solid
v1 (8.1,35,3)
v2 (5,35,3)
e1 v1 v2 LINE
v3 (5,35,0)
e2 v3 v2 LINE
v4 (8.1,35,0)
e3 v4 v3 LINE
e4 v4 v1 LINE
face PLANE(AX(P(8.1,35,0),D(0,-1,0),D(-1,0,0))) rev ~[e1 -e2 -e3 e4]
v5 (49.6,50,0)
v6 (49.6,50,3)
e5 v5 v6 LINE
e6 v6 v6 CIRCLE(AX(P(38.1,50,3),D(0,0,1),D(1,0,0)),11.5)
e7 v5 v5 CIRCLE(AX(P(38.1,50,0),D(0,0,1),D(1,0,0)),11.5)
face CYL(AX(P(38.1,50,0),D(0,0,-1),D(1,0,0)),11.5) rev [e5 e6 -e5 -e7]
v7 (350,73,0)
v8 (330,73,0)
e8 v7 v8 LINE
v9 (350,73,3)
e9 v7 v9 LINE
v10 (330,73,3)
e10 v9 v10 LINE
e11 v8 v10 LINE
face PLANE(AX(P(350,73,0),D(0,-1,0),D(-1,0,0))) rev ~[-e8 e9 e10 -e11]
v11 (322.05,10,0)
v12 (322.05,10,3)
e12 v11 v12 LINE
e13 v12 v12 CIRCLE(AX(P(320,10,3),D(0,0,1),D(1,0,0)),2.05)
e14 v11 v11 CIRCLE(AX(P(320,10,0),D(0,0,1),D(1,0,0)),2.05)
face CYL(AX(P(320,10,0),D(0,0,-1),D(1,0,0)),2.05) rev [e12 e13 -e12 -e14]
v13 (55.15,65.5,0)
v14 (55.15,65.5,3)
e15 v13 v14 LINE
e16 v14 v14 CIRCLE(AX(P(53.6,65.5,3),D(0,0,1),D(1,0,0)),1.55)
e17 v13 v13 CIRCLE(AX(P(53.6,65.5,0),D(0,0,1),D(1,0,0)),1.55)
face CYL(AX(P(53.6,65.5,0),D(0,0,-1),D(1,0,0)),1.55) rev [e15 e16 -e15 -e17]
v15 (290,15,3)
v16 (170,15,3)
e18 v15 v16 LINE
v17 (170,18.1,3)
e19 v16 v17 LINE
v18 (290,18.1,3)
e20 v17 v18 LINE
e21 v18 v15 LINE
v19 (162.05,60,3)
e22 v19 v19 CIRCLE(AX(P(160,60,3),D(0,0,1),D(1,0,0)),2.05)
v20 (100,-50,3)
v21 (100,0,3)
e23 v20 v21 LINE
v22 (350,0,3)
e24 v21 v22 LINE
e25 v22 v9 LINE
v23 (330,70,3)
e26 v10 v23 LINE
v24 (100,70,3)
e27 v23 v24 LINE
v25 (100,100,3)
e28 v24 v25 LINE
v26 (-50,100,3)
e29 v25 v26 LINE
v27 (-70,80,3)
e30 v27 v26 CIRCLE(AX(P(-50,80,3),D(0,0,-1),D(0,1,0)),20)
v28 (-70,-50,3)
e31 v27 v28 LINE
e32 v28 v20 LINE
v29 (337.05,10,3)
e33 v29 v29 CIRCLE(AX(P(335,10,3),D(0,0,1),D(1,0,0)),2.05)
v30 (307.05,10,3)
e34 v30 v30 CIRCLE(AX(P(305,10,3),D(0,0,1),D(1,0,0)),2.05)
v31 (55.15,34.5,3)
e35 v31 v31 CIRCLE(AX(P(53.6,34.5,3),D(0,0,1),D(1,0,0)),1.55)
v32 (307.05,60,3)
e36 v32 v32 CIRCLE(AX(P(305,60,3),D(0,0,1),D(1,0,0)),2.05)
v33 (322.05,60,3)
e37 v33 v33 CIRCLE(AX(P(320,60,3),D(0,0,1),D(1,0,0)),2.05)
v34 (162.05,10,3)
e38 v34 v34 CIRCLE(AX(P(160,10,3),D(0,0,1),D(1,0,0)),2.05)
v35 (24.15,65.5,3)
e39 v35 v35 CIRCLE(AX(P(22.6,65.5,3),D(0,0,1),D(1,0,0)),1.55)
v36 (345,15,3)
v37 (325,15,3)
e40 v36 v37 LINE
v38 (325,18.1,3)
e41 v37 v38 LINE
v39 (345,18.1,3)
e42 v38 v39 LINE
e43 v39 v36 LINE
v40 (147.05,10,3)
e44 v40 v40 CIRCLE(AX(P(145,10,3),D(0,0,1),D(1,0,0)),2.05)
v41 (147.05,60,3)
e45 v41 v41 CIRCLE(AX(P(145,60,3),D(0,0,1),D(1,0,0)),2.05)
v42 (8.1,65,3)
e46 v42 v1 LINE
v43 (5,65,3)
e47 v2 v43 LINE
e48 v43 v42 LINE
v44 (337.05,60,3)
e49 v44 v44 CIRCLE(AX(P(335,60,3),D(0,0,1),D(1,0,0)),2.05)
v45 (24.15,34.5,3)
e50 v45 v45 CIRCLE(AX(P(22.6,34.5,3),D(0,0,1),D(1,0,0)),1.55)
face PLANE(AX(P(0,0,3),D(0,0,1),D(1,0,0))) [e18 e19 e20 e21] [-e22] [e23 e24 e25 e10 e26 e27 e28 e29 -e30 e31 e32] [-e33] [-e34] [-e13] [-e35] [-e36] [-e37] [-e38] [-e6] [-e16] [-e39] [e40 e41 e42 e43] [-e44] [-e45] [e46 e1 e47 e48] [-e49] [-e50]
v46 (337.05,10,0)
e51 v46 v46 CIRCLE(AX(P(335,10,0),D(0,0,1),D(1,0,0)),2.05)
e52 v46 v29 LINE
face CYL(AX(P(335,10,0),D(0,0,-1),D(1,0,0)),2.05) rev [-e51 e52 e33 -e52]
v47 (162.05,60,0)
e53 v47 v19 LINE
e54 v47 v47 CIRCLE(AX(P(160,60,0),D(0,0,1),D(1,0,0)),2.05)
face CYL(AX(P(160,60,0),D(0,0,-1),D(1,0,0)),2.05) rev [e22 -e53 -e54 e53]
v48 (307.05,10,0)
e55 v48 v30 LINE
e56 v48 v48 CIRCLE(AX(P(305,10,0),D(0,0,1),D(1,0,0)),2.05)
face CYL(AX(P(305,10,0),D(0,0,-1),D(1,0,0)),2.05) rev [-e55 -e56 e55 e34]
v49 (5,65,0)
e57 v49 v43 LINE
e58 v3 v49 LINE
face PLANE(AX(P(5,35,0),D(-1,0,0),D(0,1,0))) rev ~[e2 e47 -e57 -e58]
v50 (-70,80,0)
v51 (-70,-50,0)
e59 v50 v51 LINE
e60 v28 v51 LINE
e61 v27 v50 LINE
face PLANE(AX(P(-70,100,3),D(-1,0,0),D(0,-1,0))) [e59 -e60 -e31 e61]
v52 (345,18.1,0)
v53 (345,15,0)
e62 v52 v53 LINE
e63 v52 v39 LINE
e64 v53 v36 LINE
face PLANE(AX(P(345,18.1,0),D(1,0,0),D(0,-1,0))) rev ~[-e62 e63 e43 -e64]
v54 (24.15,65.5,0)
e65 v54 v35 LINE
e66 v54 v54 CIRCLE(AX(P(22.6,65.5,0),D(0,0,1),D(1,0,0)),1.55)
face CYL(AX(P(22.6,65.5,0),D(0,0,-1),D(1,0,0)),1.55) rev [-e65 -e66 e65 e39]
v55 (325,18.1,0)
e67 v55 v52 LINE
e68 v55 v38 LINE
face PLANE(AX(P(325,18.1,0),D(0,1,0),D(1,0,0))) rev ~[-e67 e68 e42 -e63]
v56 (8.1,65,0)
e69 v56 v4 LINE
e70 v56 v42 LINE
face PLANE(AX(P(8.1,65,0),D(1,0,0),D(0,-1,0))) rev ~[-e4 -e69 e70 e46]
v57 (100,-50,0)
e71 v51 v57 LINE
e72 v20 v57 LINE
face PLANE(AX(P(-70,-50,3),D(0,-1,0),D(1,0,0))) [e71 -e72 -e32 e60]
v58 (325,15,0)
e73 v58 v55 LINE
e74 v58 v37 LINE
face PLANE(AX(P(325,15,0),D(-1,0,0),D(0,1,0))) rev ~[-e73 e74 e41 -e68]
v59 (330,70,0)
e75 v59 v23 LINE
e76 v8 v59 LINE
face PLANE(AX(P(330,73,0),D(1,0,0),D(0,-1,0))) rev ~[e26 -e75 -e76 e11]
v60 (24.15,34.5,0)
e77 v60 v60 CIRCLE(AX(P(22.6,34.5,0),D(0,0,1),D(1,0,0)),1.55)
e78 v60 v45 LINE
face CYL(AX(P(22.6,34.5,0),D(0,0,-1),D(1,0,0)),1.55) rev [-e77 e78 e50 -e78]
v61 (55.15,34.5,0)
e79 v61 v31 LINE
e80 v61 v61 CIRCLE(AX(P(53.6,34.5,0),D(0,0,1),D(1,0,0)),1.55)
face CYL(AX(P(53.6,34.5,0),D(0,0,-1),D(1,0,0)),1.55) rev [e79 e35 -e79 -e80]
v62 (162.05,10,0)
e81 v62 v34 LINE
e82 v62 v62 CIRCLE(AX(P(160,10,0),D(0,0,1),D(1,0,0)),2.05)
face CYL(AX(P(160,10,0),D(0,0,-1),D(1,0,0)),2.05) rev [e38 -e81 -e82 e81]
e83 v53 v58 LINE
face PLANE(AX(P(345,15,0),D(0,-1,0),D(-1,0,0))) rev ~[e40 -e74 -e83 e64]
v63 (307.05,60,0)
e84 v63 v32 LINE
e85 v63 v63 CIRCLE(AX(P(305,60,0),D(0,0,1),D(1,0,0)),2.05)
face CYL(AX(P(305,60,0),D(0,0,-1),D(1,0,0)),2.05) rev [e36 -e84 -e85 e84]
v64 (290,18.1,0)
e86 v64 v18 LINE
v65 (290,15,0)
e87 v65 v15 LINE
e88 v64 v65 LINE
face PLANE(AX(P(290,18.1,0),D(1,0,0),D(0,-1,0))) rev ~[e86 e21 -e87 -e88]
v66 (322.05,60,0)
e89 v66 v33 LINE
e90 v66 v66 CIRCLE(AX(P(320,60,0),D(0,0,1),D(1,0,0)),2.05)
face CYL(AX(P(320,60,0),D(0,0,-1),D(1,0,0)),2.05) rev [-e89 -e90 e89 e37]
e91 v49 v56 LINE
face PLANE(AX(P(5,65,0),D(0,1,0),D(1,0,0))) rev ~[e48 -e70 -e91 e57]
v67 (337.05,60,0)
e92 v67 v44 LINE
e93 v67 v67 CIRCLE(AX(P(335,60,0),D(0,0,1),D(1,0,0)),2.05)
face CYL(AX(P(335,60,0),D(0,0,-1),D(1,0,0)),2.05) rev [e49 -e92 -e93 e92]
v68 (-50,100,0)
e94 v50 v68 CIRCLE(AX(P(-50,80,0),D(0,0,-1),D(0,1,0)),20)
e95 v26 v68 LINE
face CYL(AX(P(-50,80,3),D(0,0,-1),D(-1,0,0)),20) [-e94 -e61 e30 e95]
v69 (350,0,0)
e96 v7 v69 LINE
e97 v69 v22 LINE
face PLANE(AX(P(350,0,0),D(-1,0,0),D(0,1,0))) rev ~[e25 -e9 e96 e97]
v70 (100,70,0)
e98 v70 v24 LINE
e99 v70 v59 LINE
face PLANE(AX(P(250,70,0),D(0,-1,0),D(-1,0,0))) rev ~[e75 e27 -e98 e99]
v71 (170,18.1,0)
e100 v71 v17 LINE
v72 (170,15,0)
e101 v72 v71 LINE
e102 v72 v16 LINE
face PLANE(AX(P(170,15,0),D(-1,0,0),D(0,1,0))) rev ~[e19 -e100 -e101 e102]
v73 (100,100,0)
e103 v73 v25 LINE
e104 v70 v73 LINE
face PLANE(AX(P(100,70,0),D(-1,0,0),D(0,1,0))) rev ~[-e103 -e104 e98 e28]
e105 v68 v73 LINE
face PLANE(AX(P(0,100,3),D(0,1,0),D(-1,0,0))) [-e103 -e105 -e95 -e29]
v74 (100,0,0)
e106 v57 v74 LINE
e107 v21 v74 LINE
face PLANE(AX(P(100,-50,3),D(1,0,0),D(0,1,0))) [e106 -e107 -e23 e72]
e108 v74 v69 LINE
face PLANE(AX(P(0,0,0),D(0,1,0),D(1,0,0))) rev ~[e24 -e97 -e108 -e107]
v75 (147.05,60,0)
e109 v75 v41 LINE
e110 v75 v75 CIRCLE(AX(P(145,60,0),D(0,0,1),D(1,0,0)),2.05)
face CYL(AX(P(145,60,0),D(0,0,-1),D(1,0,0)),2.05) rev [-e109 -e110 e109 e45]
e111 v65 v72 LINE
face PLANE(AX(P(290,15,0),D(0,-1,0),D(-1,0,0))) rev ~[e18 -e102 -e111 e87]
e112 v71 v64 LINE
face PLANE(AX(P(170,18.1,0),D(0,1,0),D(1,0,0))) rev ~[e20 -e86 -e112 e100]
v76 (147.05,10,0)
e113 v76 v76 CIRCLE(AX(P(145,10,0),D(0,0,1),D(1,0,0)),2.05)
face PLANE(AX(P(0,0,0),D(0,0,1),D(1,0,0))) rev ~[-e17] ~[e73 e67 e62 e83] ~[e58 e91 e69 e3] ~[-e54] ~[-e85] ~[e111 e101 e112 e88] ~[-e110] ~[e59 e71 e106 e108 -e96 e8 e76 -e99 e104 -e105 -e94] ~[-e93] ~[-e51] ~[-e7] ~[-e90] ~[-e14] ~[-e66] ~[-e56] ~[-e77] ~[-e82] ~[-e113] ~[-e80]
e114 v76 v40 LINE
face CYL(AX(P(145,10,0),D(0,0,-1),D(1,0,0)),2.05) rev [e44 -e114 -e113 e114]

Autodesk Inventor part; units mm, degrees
ref_plane "YZ Plane" through (0, 0, 0) normal (1, 0, 0) x (0, 1, 0)
ref_plane "XZ Plane" through (0, 0, 0) normal (0, 1, 0) x (-1, 0, 0)
ref_plane "XY Plane" through (0, 0, 0) normal (0, 0, 1) x (1, 0, 0)
sketch "Sketch1" plane through (0, 0, 0) normal (0, 0, 1) x (1, 0, 0)
  line L0 (0, 0) -> (350, 0)
  line L1 (350, 0) -> (350, 70)
  line L2 (350, 70) -> (0, 70)
  line L3 (0, 70) -> (0, 0)
  circle A0 centre (22.6, 65.5) radius 1.55
  circle A1 centre (22.6, 34.5) radius 1.55
  circle A2 centre (53.6, 65.5) radius 1.55
  circle A3 centre (53.6, 34.5) radius 1.55
  circle A4 centre (38.1, 50) radius 11.5
  line L4 (170, 18.1) -> (290, 18.1)
  line L5 (290, 18.1) -> (290, 15)
  line L6 (290, 15) -> (170, 15)
  line L7 (170, 15) -> (170, 18.1)
  line L8 (0, 70) -> (89.6145, 70)
  line L9 (250, 70) -> (287.051, 70)
  line L10 (250, 70) -> (270, 70)
  line L11 (270, 70) -> (270, 73)
  line L12 (270, 73) -> (250, 73)
  line L13 (250, 73) -> (250, 70)
  line L14 (310, 70) -> (310, 73)
  line L15 (310, 73) -> (290, 73)
  line L16 (290, 73) -> (290, 70)
  line L17 (290, 70) -> (327.051, 70)
  line L18 (290, 70) -> (310, 70)
  line L19 (350, 70) -> (350, 73)
  line L20 (350, 73) -> (330, 73)
  line L21 (330, 73) -> (330, 70)
  line L22 (330, 70) -> (367.051, 70)
  line L23 (330, 70) -> (350, 70)
  line L24 (8.1, 35) -> (5, 35)
  line L25 (5, 35) -> (5, 65)
  line L26 (5, 65) -> (8.1, 65)
  line L27 (8.1, 65) -> (8.1, 35)
  line L28 (8.1, 35) -> (5, 65) construction
  line L29 (5, 35) -> (8.1, 65) construction
  circle A5 centre (335, 10) radius 2.05
  circle A6 centre (320, 10) radius 2.05
  circle A7 centre (335, 60) radius 2.05
  circle A8 centre (320, 60) radius 2.05
  circle A9 centre (305, 60) radius 2.05
  circle A10 centre (305, 10) radius 2.05
  circle A11 centre (160, 10) radius 2.05
  circle A12 centre (145, 10) radius 2.05
  circle A13 centre (160, 60) radius 2.05
  circle A14 centre (145, 60) radius 2.05
  line L30 (325, 18.1) -> (345, 18.1)
  line L31 (345, 18.1) -> (345, 15)
  line L32 (345, 15) -> (325, 15)
  line L33 (325, 15) -> (325, 18.1)
  line L34 (0, 70) -> (100, 70)
  line L35 (100, 70) -> (100, 100)
  line L36 (100, 100) -> (0, 100)
  line L37 (0, 100) -> (0, 70)
  point P0 (6.55, 50)
  point P1 (5, 50)
  point P2 (8.1, 50)
  point P3 (170, 16.55)
  point P4 (290, 70)
  point P5 (100, 70)
  dimension "d1" = 3.1
  dimension "d2" = 3.1
  dimension "d3" = 3.1
  dimension "d4" = 3.1
  dimension "d5" = 31
  dimension "d7" = 23
  dimension "d8" = 15.5
  dimension "d9" = 15.5
  dimension "d10" = 70
  dimension "d11" = 31
  dimension "d12" = 3.1
  dimension "d13" = 50
  dimension "d46" = 20
  dimension "d47" = 3
  dimension "d48" = 20
  dimension "d49" = 3
  dimension "d50" = 20
  dimension "d51" = 3
  dimension "d52" = 20
  dimension "d53" = 20
  dimension "d54" = 350
  dimension "d55" = 3.1
  dimension "d56" = 5
  dimension "d57" = 15
  dimension "d58" = 30
  dimension "d59" = 120
  dimension "d63" = 4.1
  dimension "d64" = 4.1
  dimension "d65" = 4.1
  dimension "d66" = 4.1
  dimension "d67" = 4.1
  dimension "d68" = 4.1
  dimension "d69" = 15
  dimension "d70" = 15
  dimension "d71" = 10
  dimension "d72" = 10
  dimension "d73" = 15
  dimension "d79" = 4.1
  dimension "d80" = 4.1
  dimension "d81" = 4.1
  dimension "d82" = 4.1
  dimension "d85" = 15
  dimension "d87" = 10
  dimension "d88" = 10
  dimension "d89" = 10
  dimension "d90" = 60
  dimension "d91" = 5
  dimension "d92" = 20
  dimension "d93" = 15
  dimension "d94" = 100
  dimension "d95" = 30
extrude "Extrusion1" add sketch "Sketch1" along normal blind 3 contours L3 L2 L1 L0 | L37 L36 L35 L2 | L2 L21 L20 L19
sketch "Sketch3" plane through (0, 0, 3) normal (0, 0, 1) x (1, 0, 0)
  line L0 (0, 100) -> (0, 0) projected
  line L1 (0, 100) -> (-70, 100)
  line L2 (-70, 100) -> (-70, -50)
  line L3 (-70, -50) -> (100, -50)
  line L4 (100, -50) -> (100, 0)
  line L5 (0, 0) -> (350, 0) projected
  dimension "d99" = 70
  dimension "d100" = 150
  dimension "d101" = 170
extrude "Extrusion3" add sketch "Sketch3" against normal blind 3
fillet "Fillet1" radius 20 1 edges at (-70, 100, 1.5)
properties part number "Sideboard"
